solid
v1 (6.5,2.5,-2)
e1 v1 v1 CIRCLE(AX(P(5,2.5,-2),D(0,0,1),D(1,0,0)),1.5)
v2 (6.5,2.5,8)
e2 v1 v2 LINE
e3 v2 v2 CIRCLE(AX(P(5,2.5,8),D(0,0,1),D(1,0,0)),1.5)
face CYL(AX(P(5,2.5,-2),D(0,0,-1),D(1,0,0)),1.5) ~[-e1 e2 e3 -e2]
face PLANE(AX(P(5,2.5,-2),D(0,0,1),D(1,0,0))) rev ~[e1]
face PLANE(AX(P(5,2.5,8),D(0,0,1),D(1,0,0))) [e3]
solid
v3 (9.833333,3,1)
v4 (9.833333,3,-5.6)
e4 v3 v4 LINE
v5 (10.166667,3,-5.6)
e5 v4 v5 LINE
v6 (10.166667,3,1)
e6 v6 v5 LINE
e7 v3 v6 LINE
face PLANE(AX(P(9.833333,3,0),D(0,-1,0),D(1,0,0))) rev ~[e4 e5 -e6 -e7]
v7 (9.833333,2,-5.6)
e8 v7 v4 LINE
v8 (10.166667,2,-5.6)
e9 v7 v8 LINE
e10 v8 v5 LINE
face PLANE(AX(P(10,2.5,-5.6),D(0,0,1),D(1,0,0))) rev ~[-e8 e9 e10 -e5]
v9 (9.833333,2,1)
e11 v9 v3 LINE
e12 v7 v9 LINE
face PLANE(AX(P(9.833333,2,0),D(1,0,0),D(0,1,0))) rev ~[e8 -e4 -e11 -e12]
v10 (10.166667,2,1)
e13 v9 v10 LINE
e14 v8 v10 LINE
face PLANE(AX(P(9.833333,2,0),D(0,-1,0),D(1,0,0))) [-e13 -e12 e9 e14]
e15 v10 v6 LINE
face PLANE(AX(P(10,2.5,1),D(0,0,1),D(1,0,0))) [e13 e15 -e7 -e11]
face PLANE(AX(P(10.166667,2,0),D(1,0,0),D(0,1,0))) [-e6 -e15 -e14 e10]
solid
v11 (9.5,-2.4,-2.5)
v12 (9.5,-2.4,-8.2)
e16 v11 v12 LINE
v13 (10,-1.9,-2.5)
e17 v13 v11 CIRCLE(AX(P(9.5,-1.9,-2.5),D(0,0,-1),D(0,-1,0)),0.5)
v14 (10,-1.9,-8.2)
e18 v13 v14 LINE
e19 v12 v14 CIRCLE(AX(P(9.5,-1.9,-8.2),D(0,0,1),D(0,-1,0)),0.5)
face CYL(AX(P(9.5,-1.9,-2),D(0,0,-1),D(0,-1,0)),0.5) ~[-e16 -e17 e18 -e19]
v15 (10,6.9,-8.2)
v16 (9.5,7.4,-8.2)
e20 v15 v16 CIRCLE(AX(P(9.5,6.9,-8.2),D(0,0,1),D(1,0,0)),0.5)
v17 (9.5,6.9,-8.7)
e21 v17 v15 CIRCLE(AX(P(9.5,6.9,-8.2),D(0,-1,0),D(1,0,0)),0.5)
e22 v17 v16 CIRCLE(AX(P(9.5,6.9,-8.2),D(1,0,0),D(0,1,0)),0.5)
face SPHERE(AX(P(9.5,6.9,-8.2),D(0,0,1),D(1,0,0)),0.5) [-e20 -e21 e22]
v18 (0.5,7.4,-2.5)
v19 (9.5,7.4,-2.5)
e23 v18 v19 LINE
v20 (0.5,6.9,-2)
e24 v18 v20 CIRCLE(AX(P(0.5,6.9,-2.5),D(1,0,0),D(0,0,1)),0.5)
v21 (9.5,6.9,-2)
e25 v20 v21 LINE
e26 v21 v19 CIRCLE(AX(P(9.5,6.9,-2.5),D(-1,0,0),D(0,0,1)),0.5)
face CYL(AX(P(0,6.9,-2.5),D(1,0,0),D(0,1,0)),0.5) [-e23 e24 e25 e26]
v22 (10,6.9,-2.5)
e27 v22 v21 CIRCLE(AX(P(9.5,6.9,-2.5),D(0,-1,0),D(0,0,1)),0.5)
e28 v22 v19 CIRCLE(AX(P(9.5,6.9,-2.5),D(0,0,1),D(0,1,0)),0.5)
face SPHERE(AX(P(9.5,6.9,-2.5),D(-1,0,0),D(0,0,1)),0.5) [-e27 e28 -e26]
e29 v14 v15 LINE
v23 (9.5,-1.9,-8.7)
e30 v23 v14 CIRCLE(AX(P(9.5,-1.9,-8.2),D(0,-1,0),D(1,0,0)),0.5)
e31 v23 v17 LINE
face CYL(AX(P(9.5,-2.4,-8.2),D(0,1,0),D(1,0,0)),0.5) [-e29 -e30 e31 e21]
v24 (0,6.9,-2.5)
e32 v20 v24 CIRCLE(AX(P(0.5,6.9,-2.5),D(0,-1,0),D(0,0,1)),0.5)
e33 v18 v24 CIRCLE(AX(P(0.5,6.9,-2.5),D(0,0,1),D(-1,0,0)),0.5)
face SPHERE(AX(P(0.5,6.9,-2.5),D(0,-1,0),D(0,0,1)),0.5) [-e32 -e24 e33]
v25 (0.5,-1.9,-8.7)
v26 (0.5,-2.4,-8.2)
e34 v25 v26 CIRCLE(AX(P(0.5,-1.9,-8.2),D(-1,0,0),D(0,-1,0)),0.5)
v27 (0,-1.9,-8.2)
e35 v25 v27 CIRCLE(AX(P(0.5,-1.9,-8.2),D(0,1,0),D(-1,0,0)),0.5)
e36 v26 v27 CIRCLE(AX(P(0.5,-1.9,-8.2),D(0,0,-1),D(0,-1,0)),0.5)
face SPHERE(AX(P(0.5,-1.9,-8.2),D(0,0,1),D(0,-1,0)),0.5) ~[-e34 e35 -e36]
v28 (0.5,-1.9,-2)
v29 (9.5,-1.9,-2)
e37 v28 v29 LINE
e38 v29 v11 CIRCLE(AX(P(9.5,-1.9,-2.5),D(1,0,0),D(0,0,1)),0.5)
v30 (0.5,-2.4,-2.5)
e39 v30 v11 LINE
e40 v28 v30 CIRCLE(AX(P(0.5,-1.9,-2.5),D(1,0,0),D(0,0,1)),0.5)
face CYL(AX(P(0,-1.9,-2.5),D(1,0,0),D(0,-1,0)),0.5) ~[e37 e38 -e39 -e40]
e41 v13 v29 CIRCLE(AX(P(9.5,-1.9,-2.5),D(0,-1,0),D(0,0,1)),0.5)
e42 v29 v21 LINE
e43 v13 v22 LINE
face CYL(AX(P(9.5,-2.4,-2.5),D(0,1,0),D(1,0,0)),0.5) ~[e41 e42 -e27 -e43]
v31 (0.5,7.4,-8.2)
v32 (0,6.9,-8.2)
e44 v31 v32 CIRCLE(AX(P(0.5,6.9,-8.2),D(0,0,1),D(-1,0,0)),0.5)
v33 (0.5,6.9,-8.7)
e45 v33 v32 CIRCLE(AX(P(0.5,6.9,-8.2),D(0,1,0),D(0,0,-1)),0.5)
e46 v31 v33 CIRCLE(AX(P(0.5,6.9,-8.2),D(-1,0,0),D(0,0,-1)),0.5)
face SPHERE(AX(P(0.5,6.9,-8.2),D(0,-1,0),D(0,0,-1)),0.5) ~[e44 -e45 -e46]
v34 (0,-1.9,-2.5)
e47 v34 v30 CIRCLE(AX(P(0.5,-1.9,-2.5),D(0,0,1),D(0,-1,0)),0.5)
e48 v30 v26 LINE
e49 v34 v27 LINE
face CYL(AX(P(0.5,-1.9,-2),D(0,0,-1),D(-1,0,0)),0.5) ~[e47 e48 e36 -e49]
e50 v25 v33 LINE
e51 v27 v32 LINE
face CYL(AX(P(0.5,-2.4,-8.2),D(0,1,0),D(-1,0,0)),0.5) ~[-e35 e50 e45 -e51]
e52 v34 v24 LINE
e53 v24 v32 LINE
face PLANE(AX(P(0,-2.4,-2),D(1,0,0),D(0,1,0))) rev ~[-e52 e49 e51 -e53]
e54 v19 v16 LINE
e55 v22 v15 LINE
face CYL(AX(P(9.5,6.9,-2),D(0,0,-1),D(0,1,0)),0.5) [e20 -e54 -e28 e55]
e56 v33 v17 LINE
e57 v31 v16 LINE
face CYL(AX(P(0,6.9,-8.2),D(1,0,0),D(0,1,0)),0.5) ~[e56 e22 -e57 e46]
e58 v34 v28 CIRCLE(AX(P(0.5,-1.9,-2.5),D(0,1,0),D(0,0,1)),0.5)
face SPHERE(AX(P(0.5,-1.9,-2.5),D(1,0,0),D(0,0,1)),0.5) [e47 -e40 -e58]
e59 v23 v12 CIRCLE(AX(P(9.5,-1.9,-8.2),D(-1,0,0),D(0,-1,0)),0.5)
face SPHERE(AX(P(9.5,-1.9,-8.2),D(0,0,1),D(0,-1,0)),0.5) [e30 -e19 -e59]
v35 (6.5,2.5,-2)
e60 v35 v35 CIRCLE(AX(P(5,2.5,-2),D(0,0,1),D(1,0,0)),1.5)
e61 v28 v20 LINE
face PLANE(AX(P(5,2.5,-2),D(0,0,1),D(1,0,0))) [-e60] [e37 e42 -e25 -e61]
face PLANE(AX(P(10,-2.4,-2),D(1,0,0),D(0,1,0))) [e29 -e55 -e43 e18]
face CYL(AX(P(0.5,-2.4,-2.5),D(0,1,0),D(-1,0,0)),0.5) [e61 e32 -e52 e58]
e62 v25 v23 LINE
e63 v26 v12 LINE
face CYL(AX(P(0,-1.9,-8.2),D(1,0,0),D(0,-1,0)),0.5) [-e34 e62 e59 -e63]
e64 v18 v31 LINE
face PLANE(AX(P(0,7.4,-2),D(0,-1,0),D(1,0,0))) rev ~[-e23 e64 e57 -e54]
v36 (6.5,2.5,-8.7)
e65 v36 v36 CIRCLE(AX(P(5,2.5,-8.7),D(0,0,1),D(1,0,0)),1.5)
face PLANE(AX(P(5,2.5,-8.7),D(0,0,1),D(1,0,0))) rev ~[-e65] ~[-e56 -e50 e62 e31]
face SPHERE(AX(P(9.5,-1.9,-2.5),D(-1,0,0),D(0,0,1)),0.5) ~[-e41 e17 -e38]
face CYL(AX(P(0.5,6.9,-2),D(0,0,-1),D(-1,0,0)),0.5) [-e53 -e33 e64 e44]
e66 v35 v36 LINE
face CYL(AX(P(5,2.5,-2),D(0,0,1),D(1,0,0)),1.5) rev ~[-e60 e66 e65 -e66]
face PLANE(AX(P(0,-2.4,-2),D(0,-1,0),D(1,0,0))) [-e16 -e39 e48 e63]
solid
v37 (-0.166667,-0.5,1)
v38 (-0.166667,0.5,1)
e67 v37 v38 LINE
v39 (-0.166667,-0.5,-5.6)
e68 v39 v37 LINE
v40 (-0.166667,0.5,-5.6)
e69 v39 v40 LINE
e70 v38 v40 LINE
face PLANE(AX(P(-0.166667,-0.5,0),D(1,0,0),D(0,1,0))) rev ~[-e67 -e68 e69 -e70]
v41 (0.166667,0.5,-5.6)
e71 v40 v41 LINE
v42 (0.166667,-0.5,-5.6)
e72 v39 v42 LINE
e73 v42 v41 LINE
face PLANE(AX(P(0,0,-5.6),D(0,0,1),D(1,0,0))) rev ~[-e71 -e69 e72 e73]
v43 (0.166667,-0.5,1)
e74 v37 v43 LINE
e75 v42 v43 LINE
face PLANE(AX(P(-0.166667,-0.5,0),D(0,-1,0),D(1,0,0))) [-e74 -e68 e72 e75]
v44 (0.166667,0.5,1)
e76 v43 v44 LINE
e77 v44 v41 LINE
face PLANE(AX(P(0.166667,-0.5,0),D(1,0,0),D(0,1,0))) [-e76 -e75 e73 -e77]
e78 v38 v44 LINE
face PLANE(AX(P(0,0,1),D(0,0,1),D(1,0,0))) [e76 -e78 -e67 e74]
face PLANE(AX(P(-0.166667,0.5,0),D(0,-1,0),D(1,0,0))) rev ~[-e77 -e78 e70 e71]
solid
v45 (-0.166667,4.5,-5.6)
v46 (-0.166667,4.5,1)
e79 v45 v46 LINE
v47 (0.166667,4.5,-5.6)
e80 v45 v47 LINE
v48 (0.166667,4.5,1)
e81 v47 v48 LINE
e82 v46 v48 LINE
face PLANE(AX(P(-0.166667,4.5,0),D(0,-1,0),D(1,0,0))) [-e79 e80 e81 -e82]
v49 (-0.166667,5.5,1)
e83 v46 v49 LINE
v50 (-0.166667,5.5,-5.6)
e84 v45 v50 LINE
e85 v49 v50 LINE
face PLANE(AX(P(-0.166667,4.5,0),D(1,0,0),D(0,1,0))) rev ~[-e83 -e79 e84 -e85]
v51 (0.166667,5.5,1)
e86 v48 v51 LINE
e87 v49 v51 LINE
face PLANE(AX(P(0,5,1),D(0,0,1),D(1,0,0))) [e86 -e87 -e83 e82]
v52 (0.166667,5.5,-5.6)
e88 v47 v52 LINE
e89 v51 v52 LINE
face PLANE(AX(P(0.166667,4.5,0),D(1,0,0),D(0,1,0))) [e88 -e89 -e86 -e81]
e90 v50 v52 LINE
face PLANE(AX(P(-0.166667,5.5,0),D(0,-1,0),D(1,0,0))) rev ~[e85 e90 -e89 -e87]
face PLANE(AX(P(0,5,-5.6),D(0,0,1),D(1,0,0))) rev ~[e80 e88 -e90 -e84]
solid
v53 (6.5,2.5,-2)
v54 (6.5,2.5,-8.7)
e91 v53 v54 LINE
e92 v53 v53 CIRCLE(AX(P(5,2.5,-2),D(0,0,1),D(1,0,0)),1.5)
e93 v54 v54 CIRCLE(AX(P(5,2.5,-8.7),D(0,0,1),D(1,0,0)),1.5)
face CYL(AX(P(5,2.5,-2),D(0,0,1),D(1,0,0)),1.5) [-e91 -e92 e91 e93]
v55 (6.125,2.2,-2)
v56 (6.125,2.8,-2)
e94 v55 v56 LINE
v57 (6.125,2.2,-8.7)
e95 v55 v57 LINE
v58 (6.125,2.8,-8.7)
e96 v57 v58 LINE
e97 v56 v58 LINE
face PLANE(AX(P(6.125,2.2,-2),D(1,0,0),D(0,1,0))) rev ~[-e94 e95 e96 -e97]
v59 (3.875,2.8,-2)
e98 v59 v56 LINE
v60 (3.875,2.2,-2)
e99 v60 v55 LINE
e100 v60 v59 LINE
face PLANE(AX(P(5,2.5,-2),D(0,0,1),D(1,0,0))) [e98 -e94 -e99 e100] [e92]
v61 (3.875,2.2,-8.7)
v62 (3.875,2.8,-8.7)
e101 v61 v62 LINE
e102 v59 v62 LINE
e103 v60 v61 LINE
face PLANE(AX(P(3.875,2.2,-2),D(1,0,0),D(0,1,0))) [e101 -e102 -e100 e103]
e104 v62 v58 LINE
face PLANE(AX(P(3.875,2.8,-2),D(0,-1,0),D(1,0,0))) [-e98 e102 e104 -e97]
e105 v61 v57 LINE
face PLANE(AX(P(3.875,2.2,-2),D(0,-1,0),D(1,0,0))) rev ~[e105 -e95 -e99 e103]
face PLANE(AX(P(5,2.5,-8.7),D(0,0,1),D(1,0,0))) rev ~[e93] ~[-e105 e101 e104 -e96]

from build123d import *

# Parameters (mm, degrees)
SKETCH003_W       = 0.333334
SKETCH003_H       = 1
PAD002_DEPTH      = 1
PAD002_DEPTH_BACK = 5.6
SKETCH004_R       = 1.5
SKETCH004_W       = 2.25
SKETCH004_H       = 0.6
PAD003_DEPTH      = 6.7
SKETCH006_R       = 1.5
PAD005_DEPTH      = 10
SKETCH_W          = 10
SKETCH_H          = 9.8
SKETCH_R          = 1.5
PAD_DEPTH         = 6.7
FILLET_R          = 0.5


with BuildPart() as pad002:
    # Sketch003 → Pad002 (new body, two sides)
    with BuildSketch(Plane(origin=(0, 5, 0), x_dir=(1, 0, 0), z_dir=(0, 0, 1))) as pad002_sk:
        Rectangle(SKETCH003_W, SKETCH003_H)
        with Locations((10, -2.5)):
            Rectangle(SKETCH003_W, SKETCH003_H)
        with Locations((0, -5)):
            Rectangle(SKETCH003_W, SKETCH003_H)
    extrude(amount=PAD002_DEPTH)
    extrude(pad002_sk.sketch, amount=-PAD002_DEPTH_BACK)


with BuildPart() as pad003:
    # Sketch004 → Pad003 (new body)
    with BuildSketch(Plane(origin=(0, 5, -2), x_dir=(1, 0, 0), z_dir=(0, 0, 1))):
        with Locations((5, -2.5)):
            Circle(SKETCH004_R)
        with Locations((5, -2.5)):
            Rectangle(SKETCH004_W, SKETCH004_H, mode=Mode.SUBTRACT)
    extrude(amount=-PAD003_DEPTH)


with BuildPart() as pad005:
    # Sketch006 → Pad005 (new body)
    with BuildSketch(Plane(origin=(0, 5, -2), x_dir=(1, 0, 0), z_dir=(0, 0, 1))):
        with Locations((5, -2.5)):
            Circle(SKETCH006_R)
    extrude(amount=PAD005_DEPTH)


with BuildPart() as fillet_body:
    # Sketch → Pad (new body)
    with BuildSketch(Plane(origin=(0, 5, -2), x_dir=(1, 0, 0), z_dir=(0, 0, 1))):
        with Locations((5, -2.5)):
            Rectangle(SKETCH_W, SKETCH_H)
        with Locations((5, -2.5)):
            Circle(SKETCH_R, mode=Mode.SUBTRACT)
    extrude(amount=-PAD_DEPTH)

    # Fillet
    fillet_edges = [fillet_body.edges().sort_by_distance(p)[0] for p in [
        (5, -2.4, -2),
        (0, 2.5, -2),
        (5, 7.4, -2),
        (10, 2.5, -2),
        (10, 7.4, -5.35),
        (10, -2.4, -5.35),
        (0, -2.4, -5.35),
        (5, -2.4, -8.7),
        (10, 2.5, -8.7),
        (0, 2.5, -8.7),
        (5, 7.4, -8.7),
        (0, 7.4, -5.35),
    ]]
    fillet(fillet_edges, radius=FILLET_R)


solid = Compound([pad002.part, pad003.part, pad005.part, fillet_body.part])
